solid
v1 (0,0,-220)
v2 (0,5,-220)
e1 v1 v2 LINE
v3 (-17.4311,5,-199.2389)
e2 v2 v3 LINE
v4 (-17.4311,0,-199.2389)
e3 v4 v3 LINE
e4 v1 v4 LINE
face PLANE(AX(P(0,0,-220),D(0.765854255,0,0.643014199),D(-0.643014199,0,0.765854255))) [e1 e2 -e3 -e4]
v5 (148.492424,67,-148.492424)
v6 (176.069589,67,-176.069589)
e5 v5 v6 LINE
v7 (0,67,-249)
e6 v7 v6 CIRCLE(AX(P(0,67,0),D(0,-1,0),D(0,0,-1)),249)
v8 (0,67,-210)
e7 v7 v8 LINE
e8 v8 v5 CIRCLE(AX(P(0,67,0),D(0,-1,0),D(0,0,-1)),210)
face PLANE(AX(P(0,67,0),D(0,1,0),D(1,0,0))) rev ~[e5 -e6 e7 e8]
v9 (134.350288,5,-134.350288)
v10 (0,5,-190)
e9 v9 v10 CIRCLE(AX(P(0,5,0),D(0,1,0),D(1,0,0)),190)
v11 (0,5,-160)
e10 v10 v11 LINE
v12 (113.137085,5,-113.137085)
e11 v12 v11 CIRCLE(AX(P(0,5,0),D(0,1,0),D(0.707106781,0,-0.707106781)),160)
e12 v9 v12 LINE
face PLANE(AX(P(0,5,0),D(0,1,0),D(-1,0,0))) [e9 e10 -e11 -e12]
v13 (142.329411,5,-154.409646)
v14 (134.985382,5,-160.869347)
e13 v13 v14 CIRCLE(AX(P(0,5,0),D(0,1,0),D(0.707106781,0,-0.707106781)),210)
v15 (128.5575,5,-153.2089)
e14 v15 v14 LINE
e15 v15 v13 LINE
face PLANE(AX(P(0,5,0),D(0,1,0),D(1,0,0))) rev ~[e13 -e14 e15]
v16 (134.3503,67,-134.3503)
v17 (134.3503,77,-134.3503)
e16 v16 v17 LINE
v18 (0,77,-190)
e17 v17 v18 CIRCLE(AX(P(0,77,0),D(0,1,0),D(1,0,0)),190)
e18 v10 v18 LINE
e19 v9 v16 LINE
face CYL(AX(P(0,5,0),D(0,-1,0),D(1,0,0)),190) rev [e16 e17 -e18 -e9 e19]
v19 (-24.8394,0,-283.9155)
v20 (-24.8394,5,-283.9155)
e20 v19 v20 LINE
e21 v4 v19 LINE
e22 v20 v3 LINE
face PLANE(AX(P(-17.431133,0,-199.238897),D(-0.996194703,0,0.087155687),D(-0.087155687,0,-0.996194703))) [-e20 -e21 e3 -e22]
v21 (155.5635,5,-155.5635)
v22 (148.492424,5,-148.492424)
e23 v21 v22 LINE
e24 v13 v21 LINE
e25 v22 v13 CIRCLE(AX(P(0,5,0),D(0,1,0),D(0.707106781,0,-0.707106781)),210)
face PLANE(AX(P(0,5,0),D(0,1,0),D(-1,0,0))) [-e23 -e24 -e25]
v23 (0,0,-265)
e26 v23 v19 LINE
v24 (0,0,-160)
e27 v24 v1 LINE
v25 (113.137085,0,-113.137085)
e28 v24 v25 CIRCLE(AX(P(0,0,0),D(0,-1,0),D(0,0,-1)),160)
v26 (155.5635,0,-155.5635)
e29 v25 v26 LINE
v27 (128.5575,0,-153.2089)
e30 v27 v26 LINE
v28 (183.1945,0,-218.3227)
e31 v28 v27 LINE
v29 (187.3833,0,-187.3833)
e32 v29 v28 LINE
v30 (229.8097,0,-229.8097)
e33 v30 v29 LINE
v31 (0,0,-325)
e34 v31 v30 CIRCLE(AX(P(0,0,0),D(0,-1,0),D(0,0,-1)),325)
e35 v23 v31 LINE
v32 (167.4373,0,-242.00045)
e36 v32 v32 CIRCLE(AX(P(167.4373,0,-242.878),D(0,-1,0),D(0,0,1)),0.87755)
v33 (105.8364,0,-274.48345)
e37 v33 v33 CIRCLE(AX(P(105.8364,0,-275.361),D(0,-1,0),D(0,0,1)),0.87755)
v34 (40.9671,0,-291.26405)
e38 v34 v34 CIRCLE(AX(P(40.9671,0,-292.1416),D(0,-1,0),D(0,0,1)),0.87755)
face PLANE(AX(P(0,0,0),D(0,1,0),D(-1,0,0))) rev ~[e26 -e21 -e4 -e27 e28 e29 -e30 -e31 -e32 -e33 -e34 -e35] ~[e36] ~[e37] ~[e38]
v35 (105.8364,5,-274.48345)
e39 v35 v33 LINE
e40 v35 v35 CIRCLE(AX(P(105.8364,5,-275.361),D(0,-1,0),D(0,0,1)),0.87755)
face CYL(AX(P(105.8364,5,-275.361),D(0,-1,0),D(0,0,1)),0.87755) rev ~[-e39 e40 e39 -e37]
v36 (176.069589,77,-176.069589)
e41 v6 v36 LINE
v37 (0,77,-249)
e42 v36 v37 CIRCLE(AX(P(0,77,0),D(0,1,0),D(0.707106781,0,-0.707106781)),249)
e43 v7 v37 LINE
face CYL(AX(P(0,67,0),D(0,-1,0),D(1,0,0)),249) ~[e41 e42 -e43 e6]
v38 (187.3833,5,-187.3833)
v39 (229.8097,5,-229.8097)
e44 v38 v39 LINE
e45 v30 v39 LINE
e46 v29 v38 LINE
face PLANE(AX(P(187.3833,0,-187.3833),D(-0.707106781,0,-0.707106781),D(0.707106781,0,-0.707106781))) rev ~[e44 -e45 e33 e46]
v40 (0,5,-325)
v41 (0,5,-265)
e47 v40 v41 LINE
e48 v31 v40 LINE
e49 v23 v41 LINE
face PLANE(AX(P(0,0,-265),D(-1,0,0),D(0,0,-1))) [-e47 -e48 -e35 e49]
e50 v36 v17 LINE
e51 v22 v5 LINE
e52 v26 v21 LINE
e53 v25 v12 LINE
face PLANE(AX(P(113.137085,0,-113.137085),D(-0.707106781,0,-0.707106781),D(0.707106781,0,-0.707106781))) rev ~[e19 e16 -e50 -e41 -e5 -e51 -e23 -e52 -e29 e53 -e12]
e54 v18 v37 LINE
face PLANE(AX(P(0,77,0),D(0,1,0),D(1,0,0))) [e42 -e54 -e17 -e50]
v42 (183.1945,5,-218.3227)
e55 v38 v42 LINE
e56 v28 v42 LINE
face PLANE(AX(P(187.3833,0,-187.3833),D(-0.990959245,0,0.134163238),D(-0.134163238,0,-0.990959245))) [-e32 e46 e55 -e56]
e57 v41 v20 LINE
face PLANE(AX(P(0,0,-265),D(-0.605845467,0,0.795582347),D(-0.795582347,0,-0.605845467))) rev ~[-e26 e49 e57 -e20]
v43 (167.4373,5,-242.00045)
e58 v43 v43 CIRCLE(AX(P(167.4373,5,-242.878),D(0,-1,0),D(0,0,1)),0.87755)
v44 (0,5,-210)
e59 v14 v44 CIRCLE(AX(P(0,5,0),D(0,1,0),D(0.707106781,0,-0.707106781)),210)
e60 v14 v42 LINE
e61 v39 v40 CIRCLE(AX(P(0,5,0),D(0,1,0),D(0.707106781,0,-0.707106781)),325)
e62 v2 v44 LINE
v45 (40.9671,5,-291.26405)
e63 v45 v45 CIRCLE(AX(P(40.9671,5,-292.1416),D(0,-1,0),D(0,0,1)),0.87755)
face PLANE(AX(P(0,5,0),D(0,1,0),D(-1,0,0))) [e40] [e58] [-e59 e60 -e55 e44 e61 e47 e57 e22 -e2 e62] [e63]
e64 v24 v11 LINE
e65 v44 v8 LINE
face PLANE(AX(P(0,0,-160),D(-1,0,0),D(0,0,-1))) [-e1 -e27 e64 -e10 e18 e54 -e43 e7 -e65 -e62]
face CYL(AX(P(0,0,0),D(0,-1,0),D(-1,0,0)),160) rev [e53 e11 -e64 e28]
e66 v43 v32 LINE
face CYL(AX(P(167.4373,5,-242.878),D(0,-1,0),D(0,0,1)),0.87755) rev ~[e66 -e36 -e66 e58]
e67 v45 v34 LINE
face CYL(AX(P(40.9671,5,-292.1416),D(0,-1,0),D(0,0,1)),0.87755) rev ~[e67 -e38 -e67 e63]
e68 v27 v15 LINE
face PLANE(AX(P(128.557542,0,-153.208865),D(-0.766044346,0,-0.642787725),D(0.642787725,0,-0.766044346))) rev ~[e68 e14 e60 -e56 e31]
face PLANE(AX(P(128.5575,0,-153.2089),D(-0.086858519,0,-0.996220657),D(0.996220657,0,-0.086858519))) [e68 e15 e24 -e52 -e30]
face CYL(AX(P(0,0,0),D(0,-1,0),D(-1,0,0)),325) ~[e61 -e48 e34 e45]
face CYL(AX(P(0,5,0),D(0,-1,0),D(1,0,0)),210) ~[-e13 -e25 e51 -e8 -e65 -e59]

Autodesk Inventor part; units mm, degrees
ref_plane "YZ Plane" through (0, 0, 0) normal (1, 0, 0) x (0, 1, 0)
ref_plane "XZ Plane" through (0, 0, 0) normal (0, 1, 0) x (-1, 0, 0)
ref_plane "XY Plane" through (0, 0, 0) normal (0, 0, 1) x (1, 0, 0)
sketch "Sketch1" plane through (0, 0, 0) normal (0, 1, 0) x (-1, 0, 0)
  circle A0 centre (0, 0) radius 160
  circle A1 centre (0, 0) radius 325
  line L0 (0, 0) -> (0, -325)
  line L1 (0, 0) -> (-229.8097, -229.8097)
  line L2 (0, 0) -> (28.3256, -323.7633)
  line L3 (0, 0) -> (-208.906, -248.9644)
  circle A2 centre (0, 0) radius 285
  circle A3 centre (0, 0) radius 265
  circle A4 centre (0, 0) radius 200
  circle A5 centre (0, 0) radius 220
  line L4 (0, -220) -> (17.4311, -199.2389)
  line L5 (0, -265) -> (24.8394, -283.9155)
  line L6 (-128.5575, -153.2089) -> (-155.5635, -155.5635)
  line L7 (-187.3833, -187.3833) -> (-183.1945, -218.3227)
  point P0 (-113.1371, -113.1371)
  point P1 (0, -160)
  dimension "d0" = 650
  dimension "d1" = 320
  dimension "d2" = 45
  dimension "d13" = 40
  dimension "d14" = 40
  dimension "d15" = 20
  dimension "d16" = 20
  dimension "d17" = 5
  dimension "d18" = 5
extrude "Extrusion1" add sketch "Sketch1" along normal blind 5 contours A0 L3 A4 L1 | A0 L0 A4 L3 | A4 L6 L1 | L2 A5 L4 | A4 L0 A5 L3 | L2 A3 L0 A5 | L0 A3 L3 A5 | L7 A2 L1 | L2 L5 A3 | L0 A2 L3 A3 | A2 L3 A1 L1 | A2 L0 A1 L3
sketch "Sketch2" plane through (0, 5, 0) normal (0, 1, 0) x (1, 0, 0)
  arc A0 (229.8097, 229.8097) -> (0, 325) centre (0, 0) ccw projected
  line L0 (0, 325) -> (0, 265) projected
  arc A1 (113.1371, 113.1371) -> (0, 160) centre (0, 0) ccw projected
  line L1 (113.1371, 113.1371) -> (155.5635, 155.5635) projected
  circle A2 centre (0, 0) radius 190
  circle A3 centre (0, 0) radius 210
  line L2 (155.5635, 155.5635) -> (128.5575, 153.2089) projected
  line L3 (128.5575, 153.2089) -> (183.1945, 218.3227) projected
  line L4 (183.1945, 218.3227) -> (187.3833, 187.3833) projected
  line L5 (187.3833, 187.3833) -> (229.8097, 229.8097) projected
  line L6 (0, 265) -> (-24.8394, 283.9155) projected
  line L7 (-24.8394, 283.9155) -> (-17.4311, 199.2389) projected
  line L8 (-17.4311, 199.2389) -> (0, 220) projected
  line L9 (0, 220) -> (0, 160) projected
  point P0 (148.4924, 148.4924)
  point P1 (0, 210)
  point P2 (0, 190)
  point P3 (134.3503, 134.3503)
  point P4 (0, 190)
  point P5 (0, 210)
  point P6 (-8.542, 209.8262)
  point P7 (-18.3027, 209.2009)
  point P8 (142.3294, 154.4096)
  point P9 (134.9854, 160.8693)
  dimension "d5" = 420
  dimension "d6" = 20
extrude "Extrusion2" add sketch "Sketch2" along normal blind 62 contours L3 L2 A3 L1 A2 L9 | A3 L2 L3
sketch "Sketch3" plane through (0, 67, 0) normal (0, 1, 0) x (1, 0, 0)
  line L0 (134.3503, 134.3503) -> (148.4924, 148.4924) projected
  arc A0 (148.4924, 148.4924) -> (0, 210) centre (0, 0) ccw projected
  circle A1 centre (0, 0) radius 190
  circle A2 centre (0, 0) radius 249
  line L1 (0, 190) -> (0, 160) projected
  line L2 (113.1371, 113.1371) -> (134.3503, 134.3503) projected
  arc A3 (148.4924, 148.4924) -> (142.3294, 154.4096) centre (0, 0) ccw projected
  line L3 (148.4924, 148.4924) -> (155.5635, 155.5635) projected
  arc A4 (229.8097, 229.8097) -> (0, 325) centre (0, 0) ccw projected
  line L4 (0, 220) -> (0, 210) projected
  line L5 (-17.4311, 199.2389) -> (0, 220) projected
  line L6 (0, 325) -> (0, 265) projected
  arc A5 (134.9854, 160.8693) -> (0, 210) centre (0, 0) ccw projected
  line L7 (134.9854, 160.8693) -> (183.1945, 218.3227) projected
  line L8 (183.1945, 218.3227) -> (187.3833, 187.3833) projected
  line L9 (0, 265) -> (-24.8394, 283.9155) projected
  line L10 (-24.8394, 283.9155) -> (-17.4311, 199.2389) projected
  arc A6 (148.4924, 148.4924) -> (142.3294, 154.4096) centre (0, 0) ccw projected
  line L11 (-17.4311, 199.2389) -> (0, 220) projected
  arc A7 (134.9854, 160.8693) -> (0, 210) centre (0, 0) ccw projected
  line L12 (134.9854, 160.8693) -> (183.1945, 218.3227) projected
  line L13 (183.1945, 218.3227) -> (187.3833, 187.3833) projected
  arc A8 (229.8097, 229.8097) -> (0, 325) centre (0, 0) ccw projected
  line L14 (0, 325) -> (0, 265) projected
  line L15 (0, 265) -> (-24.8394, 283.9155) projected
  line L16 (-24.8394, 283.9155) -> (-17.4311, 199.2389) projected
  line L17 (187.3833, 187.3833) -> (229.8097, 229.8097) projected
  arc A9 (134.3503, 134.3503) -> (0, 190) centre (0, 0) ccw projected
  line L18 (0, 190) -> (0, 160) projected
  arc A10 (113.1371, 113.1371) -> (0, 160) centre (0, 0) ccw projected
  line L19 (113.1371, 113.1371) -> (134.3503, 134.3503) projected
  line L20 (155.5635, 155.5635) -> (142.3294, 154.4096) projected
  line L21 (187.3833, 187.3833) -> (229.8097, 229.8097) projected
  line L22 (0, 220) -> (0, 210) projected
  arc A11 (134.3503, 134.3503) -> (0, 190) centre (0, 0) ccw projected
  arc A12 (113.1371, 113.1371) -> (0, 160) centre (0, 0) ccw projected
  line L23 (148.4924, 148.4924) -> (155.5635, 155.5635) projected
  line L24 (155.5635, 155.5635) -> (142.3294, 154.4096) projected
  arc A13 (134.3503, 134.3503) -> (0, 190) centre (0, 0) ccw projected
  line L25 (0, 210) -> (0, 190) projected
  line L26 (0, 0) -> (229.8097, 229.8097)
  arc A14 (229.8097, 229.8097) -> (0, 325) centre (0, 0) ccw projected
  line L27 (0, 0) -> (0, 325)
  point P0 (176.0696, 176.0696)
  point P1 (0, 249)
  point P2 (-18.3027, 209.2009)
  point P3 (-21.7018, 248.0525)
  point P4 (160.0541, 190.7451)
  point P5 (0, 210)
  point P6 (-8.542, 209.8262)
  point P7 (0, 210)
  point P8 (0, 210)
  point P9 (176.0696, 176.0696)
  point P10 (0, 249)
  dimension "d12" = 59
extrude "Extrusion3" add sketch "Sketch3" along normal blind 10 contours A1 L25 A0 L0 | A0 L20 L3 | A0 L7 A2 L26 L20 | L4 L27 A2 L7 A0
sketch "Sketch5" plane through (0, 5, 0) normal (0, 1, 0) x (1, 0, 0)
  circle A0 centre (0, 0) radius 295
  arc A1 (134.9854, 160.8693) -> (0, 210) centre (0, 0) ccw projected
  line L0 (134.9854, 160.8693) -> (183.1945, 218.3227) projected
  line L1 (183.1945, 218.3227) -> (187.3833, 187.3833) projected
  line L2 (187.3833, 187.3833) -> (229.8097, 229.8097) projected
  arc A2 (229.8097, 229.8097) -> (0, 325) centre (0, 0) ccw projected
  line L3 (0, 325) -> (0, 265) projected
  line L4 (0, 265) -> (-24.8394, 283.9155) projected
  line L5 (-24.8394, 283.9155) -> (-17.4311, 199.2389) projected
  line L6 (-17.4311, 199.2389) -> (0, 220) projected
  line L7 (0, 220) -> (0, 210) projected
  point P0 (40.9671, 292.1416)
  point P1 (167.4373, 242.878)
  point P2 (105.8364, 275.361)
  dimension "d26" = 30
hole "Hole1" at (40.9671, 5, -292.1416) at (167.4373, 5, -242.878) at (105.8364, 5, -275.361) direction (0, -1, 0) diameter 1.7551 end through all thread size "2-64 UNF" class "2B" standard "ANSI Unified Screw Threads"
properties part number "Carousel Base Plate v2"
